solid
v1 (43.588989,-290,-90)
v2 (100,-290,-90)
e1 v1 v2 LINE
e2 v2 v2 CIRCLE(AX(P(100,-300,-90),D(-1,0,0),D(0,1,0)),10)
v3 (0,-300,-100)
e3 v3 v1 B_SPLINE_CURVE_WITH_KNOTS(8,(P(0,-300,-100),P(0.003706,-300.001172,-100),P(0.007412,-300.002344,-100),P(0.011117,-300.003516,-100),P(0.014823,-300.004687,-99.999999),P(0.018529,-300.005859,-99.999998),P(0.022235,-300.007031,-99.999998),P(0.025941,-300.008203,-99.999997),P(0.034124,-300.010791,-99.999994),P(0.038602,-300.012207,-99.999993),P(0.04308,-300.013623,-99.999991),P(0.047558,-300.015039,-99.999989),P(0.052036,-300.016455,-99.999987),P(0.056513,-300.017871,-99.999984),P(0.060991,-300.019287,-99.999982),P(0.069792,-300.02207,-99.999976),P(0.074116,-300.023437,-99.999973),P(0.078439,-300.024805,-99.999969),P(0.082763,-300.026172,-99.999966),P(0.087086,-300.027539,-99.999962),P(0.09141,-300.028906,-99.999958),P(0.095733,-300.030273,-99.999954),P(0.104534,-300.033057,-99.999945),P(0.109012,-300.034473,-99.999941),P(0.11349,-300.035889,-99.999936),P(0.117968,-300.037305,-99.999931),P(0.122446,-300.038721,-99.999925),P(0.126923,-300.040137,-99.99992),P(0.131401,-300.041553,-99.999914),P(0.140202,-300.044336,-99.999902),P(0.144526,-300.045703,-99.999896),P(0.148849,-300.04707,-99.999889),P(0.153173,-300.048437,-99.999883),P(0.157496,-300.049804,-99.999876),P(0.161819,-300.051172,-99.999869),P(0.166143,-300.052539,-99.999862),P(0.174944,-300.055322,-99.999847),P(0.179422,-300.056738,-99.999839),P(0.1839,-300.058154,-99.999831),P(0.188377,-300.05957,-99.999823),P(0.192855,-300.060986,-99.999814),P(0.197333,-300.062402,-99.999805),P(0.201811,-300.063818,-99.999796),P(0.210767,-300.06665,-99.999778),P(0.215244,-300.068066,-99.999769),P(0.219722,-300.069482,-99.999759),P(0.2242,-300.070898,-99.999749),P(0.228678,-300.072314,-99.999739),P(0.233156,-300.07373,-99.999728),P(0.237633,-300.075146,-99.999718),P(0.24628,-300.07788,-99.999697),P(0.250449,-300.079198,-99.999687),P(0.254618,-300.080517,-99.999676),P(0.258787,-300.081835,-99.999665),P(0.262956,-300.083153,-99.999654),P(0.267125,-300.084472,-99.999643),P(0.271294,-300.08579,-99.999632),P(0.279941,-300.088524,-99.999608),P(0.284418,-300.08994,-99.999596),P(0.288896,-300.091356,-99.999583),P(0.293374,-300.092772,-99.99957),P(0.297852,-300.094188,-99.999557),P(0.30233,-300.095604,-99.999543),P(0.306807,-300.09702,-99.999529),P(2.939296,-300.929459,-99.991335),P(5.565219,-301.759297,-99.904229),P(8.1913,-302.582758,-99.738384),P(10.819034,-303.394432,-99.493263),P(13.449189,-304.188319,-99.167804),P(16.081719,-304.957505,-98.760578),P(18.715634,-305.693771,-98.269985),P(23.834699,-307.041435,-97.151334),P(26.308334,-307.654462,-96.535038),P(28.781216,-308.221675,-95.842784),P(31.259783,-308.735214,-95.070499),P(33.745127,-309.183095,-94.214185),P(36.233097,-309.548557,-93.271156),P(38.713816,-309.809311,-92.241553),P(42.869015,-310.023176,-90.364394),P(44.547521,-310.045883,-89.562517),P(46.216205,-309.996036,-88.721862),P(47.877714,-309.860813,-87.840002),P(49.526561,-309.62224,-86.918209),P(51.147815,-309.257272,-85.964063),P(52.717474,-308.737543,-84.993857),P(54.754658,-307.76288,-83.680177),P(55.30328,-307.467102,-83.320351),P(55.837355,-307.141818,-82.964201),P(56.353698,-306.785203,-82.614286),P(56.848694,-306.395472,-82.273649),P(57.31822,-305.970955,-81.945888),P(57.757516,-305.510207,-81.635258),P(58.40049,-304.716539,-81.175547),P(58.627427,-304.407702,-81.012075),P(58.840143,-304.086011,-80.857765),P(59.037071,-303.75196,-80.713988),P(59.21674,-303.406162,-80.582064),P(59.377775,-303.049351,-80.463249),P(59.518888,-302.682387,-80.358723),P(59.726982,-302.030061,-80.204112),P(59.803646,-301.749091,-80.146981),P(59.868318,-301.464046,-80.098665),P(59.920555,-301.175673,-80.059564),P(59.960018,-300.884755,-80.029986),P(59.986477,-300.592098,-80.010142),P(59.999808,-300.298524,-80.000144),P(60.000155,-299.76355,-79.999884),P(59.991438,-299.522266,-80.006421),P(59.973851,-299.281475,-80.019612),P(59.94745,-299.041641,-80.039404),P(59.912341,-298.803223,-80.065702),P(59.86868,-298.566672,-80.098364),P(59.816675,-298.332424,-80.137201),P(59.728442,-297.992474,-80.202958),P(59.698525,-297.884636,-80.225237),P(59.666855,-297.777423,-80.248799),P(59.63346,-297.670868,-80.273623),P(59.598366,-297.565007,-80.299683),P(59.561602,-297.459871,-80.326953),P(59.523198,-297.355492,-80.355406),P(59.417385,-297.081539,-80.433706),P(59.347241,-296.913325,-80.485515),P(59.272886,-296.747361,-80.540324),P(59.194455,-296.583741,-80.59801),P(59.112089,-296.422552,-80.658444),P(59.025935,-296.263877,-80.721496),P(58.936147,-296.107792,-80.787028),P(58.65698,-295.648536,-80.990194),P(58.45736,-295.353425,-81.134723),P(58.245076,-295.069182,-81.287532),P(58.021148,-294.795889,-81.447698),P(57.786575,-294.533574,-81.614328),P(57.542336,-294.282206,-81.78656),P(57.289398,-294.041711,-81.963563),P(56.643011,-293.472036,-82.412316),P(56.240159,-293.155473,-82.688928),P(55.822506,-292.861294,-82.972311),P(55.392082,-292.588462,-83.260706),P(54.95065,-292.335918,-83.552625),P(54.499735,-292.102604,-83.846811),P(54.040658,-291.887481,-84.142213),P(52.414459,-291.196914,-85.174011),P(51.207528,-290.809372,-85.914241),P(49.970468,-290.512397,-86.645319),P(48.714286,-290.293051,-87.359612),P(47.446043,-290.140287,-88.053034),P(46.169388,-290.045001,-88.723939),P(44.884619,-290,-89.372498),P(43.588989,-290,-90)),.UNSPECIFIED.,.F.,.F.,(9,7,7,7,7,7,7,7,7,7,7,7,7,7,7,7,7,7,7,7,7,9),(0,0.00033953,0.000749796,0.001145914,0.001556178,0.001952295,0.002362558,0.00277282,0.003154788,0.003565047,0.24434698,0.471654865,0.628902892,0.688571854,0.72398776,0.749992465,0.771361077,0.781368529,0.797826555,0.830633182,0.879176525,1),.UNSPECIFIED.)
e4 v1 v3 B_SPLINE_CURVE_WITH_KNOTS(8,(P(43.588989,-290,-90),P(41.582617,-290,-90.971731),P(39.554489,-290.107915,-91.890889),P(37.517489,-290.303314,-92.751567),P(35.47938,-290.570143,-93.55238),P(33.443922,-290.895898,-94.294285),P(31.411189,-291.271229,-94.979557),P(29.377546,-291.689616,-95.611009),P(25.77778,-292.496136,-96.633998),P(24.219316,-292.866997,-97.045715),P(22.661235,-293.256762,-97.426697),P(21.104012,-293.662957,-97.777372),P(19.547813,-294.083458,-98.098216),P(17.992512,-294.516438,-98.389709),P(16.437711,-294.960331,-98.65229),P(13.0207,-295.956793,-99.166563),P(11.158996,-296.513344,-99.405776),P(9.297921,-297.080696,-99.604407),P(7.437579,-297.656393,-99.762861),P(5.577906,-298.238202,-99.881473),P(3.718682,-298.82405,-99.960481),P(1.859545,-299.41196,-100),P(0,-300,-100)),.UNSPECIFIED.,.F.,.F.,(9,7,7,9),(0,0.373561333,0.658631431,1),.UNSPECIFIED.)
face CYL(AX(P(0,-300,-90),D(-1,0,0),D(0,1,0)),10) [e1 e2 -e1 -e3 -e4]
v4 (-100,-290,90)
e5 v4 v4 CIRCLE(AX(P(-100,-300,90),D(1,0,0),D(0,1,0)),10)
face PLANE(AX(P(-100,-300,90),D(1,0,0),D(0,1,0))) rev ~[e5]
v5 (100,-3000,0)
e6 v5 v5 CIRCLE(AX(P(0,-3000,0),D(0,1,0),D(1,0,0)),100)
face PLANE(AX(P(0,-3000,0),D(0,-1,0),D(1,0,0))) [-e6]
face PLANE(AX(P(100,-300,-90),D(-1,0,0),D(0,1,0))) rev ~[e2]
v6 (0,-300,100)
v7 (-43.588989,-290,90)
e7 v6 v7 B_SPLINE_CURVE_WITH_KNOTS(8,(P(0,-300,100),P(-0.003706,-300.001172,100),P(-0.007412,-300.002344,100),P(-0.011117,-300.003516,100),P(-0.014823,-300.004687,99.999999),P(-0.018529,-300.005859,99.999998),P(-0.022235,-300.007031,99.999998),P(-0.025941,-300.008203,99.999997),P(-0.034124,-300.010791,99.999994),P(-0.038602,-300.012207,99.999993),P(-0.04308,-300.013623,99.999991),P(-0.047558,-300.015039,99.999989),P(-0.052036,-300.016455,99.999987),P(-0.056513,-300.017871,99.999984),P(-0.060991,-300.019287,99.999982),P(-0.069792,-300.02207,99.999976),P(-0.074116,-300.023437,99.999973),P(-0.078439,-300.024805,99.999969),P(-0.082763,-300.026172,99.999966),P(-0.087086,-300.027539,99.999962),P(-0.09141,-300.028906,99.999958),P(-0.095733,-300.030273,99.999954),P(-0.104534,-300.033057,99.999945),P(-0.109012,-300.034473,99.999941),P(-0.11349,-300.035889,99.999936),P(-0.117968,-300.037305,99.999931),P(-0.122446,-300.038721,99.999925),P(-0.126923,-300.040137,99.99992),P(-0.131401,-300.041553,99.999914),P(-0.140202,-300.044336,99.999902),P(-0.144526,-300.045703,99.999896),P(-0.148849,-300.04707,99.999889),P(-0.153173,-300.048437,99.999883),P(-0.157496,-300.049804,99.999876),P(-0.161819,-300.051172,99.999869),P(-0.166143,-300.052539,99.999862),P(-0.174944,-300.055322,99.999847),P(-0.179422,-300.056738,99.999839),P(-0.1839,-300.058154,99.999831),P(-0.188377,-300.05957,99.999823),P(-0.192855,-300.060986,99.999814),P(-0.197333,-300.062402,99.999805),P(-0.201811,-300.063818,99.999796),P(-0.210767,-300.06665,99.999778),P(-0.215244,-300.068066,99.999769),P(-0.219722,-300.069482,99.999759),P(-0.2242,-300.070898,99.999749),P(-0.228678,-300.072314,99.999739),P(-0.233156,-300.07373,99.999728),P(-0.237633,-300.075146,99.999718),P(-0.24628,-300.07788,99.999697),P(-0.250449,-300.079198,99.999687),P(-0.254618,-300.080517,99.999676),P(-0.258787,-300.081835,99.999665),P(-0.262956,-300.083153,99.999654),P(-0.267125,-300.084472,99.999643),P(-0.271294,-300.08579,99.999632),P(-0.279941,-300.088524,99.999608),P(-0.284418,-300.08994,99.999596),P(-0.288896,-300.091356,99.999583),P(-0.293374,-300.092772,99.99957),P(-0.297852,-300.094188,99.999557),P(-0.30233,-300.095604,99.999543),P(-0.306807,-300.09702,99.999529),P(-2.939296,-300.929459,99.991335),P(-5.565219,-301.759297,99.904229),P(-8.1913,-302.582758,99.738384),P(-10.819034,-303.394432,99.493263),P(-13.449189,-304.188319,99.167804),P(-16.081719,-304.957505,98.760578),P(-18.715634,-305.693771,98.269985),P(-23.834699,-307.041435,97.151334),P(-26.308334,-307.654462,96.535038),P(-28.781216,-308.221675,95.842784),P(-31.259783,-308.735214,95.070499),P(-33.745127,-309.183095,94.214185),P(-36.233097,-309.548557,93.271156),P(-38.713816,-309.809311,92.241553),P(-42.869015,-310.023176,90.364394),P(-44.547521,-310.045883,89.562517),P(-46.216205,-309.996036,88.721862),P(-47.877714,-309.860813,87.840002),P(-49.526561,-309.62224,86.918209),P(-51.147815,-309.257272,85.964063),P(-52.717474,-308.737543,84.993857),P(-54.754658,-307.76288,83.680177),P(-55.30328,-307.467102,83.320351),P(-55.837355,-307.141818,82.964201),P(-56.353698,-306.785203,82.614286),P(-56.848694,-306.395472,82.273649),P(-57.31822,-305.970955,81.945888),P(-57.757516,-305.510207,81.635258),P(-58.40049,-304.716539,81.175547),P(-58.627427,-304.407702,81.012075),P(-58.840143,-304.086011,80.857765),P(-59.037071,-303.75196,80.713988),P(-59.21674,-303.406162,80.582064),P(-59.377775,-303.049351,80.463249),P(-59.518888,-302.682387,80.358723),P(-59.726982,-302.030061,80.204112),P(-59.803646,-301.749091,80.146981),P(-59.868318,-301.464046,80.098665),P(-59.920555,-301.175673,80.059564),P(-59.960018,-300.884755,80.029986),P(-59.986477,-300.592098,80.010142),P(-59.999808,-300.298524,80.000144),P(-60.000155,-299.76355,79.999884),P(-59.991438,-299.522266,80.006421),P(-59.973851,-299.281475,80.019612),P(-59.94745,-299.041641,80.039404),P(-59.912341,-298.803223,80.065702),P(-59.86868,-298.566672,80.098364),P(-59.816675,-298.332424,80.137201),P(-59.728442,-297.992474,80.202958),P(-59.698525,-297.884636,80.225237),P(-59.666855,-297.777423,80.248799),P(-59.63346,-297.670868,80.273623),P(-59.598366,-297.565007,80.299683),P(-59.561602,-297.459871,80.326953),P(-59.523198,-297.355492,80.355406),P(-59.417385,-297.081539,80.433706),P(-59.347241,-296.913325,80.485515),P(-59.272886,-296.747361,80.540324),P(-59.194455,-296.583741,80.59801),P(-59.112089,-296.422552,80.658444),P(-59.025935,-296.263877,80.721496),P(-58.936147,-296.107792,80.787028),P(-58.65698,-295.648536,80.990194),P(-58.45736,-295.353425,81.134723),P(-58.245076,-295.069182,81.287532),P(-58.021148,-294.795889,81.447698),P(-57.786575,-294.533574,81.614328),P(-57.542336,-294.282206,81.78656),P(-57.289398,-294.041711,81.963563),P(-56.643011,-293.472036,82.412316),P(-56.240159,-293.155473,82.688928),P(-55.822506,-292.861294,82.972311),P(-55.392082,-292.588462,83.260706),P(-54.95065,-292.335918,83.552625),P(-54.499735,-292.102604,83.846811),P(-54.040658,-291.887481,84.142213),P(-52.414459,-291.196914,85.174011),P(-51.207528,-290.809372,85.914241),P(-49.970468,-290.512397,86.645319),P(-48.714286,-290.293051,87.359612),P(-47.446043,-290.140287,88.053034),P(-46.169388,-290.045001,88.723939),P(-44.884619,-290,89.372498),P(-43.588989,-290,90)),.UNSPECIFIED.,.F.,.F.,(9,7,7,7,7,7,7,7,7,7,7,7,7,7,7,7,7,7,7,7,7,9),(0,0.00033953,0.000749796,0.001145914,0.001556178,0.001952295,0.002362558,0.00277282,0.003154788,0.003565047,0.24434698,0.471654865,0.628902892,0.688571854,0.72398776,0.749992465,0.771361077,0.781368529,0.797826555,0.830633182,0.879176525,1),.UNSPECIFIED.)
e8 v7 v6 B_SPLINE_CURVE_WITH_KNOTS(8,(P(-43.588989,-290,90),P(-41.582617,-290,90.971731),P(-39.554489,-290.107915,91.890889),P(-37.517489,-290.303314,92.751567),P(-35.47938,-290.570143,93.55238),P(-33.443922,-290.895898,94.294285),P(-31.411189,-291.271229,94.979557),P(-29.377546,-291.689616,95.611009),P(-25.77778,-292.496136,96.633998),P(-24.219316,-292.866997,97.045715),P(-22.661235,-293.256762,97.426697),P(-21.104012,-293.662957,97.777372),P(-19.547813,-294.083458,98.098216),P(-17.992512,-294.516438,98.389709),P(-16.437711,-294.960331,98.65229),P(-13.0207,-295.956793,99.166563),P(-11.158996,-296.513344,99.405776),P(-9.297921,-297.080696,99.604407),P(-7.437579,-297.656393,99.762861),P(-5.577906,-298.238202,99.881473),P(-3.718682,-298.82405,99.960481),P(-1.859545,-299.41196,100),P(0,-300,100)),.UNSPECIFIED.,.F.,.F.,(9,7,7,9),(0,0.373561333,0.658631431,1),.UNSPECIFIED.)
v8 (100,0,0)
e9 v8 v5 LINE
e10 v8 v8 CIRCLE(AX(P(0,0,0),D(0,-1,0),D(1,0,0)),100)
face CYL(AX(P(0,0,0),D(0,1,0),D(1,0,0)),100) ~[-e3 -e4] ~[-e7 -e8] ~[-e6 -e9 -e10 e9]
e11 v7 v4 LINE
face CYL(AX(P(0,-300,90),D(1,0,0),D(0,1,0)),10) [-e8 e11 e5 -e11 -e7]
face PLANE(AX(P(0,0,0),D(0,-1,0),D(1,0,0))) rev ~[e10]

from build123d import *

# Parameters (mm, degrees)
F0_R     = 100
F1_DEPTH = 3000
F2_R     = 10
F3_DEPTH = 100
F4_COUNT = 2


with BuildPart() as f1:
    # F0 (on Front) → F1 (new body)
    with BuildSketch(Plane.XZ):
        Circle(F0_R)
    extrude(amount=F1_DEPTH)

    # F2 (on Right) → F3 (join)
    with BuildSketch(Plane.YZ):
        with Locations((-300, 90)):
            Circle(F2_R)
    extrude(amount=-F3_DEPTH)

    # F4: F1 ×2 about axis
    f4_axis = Axis((0, 0, 0), (0, 1, 0))


with BuildPart() as f1_1:
    add(f1.part)
    for i in range(1, F4_COUNT):
        add(f1.part.rotate(f4_axis, i * 360 / F4_COUNT))


solid = f1_1.part
